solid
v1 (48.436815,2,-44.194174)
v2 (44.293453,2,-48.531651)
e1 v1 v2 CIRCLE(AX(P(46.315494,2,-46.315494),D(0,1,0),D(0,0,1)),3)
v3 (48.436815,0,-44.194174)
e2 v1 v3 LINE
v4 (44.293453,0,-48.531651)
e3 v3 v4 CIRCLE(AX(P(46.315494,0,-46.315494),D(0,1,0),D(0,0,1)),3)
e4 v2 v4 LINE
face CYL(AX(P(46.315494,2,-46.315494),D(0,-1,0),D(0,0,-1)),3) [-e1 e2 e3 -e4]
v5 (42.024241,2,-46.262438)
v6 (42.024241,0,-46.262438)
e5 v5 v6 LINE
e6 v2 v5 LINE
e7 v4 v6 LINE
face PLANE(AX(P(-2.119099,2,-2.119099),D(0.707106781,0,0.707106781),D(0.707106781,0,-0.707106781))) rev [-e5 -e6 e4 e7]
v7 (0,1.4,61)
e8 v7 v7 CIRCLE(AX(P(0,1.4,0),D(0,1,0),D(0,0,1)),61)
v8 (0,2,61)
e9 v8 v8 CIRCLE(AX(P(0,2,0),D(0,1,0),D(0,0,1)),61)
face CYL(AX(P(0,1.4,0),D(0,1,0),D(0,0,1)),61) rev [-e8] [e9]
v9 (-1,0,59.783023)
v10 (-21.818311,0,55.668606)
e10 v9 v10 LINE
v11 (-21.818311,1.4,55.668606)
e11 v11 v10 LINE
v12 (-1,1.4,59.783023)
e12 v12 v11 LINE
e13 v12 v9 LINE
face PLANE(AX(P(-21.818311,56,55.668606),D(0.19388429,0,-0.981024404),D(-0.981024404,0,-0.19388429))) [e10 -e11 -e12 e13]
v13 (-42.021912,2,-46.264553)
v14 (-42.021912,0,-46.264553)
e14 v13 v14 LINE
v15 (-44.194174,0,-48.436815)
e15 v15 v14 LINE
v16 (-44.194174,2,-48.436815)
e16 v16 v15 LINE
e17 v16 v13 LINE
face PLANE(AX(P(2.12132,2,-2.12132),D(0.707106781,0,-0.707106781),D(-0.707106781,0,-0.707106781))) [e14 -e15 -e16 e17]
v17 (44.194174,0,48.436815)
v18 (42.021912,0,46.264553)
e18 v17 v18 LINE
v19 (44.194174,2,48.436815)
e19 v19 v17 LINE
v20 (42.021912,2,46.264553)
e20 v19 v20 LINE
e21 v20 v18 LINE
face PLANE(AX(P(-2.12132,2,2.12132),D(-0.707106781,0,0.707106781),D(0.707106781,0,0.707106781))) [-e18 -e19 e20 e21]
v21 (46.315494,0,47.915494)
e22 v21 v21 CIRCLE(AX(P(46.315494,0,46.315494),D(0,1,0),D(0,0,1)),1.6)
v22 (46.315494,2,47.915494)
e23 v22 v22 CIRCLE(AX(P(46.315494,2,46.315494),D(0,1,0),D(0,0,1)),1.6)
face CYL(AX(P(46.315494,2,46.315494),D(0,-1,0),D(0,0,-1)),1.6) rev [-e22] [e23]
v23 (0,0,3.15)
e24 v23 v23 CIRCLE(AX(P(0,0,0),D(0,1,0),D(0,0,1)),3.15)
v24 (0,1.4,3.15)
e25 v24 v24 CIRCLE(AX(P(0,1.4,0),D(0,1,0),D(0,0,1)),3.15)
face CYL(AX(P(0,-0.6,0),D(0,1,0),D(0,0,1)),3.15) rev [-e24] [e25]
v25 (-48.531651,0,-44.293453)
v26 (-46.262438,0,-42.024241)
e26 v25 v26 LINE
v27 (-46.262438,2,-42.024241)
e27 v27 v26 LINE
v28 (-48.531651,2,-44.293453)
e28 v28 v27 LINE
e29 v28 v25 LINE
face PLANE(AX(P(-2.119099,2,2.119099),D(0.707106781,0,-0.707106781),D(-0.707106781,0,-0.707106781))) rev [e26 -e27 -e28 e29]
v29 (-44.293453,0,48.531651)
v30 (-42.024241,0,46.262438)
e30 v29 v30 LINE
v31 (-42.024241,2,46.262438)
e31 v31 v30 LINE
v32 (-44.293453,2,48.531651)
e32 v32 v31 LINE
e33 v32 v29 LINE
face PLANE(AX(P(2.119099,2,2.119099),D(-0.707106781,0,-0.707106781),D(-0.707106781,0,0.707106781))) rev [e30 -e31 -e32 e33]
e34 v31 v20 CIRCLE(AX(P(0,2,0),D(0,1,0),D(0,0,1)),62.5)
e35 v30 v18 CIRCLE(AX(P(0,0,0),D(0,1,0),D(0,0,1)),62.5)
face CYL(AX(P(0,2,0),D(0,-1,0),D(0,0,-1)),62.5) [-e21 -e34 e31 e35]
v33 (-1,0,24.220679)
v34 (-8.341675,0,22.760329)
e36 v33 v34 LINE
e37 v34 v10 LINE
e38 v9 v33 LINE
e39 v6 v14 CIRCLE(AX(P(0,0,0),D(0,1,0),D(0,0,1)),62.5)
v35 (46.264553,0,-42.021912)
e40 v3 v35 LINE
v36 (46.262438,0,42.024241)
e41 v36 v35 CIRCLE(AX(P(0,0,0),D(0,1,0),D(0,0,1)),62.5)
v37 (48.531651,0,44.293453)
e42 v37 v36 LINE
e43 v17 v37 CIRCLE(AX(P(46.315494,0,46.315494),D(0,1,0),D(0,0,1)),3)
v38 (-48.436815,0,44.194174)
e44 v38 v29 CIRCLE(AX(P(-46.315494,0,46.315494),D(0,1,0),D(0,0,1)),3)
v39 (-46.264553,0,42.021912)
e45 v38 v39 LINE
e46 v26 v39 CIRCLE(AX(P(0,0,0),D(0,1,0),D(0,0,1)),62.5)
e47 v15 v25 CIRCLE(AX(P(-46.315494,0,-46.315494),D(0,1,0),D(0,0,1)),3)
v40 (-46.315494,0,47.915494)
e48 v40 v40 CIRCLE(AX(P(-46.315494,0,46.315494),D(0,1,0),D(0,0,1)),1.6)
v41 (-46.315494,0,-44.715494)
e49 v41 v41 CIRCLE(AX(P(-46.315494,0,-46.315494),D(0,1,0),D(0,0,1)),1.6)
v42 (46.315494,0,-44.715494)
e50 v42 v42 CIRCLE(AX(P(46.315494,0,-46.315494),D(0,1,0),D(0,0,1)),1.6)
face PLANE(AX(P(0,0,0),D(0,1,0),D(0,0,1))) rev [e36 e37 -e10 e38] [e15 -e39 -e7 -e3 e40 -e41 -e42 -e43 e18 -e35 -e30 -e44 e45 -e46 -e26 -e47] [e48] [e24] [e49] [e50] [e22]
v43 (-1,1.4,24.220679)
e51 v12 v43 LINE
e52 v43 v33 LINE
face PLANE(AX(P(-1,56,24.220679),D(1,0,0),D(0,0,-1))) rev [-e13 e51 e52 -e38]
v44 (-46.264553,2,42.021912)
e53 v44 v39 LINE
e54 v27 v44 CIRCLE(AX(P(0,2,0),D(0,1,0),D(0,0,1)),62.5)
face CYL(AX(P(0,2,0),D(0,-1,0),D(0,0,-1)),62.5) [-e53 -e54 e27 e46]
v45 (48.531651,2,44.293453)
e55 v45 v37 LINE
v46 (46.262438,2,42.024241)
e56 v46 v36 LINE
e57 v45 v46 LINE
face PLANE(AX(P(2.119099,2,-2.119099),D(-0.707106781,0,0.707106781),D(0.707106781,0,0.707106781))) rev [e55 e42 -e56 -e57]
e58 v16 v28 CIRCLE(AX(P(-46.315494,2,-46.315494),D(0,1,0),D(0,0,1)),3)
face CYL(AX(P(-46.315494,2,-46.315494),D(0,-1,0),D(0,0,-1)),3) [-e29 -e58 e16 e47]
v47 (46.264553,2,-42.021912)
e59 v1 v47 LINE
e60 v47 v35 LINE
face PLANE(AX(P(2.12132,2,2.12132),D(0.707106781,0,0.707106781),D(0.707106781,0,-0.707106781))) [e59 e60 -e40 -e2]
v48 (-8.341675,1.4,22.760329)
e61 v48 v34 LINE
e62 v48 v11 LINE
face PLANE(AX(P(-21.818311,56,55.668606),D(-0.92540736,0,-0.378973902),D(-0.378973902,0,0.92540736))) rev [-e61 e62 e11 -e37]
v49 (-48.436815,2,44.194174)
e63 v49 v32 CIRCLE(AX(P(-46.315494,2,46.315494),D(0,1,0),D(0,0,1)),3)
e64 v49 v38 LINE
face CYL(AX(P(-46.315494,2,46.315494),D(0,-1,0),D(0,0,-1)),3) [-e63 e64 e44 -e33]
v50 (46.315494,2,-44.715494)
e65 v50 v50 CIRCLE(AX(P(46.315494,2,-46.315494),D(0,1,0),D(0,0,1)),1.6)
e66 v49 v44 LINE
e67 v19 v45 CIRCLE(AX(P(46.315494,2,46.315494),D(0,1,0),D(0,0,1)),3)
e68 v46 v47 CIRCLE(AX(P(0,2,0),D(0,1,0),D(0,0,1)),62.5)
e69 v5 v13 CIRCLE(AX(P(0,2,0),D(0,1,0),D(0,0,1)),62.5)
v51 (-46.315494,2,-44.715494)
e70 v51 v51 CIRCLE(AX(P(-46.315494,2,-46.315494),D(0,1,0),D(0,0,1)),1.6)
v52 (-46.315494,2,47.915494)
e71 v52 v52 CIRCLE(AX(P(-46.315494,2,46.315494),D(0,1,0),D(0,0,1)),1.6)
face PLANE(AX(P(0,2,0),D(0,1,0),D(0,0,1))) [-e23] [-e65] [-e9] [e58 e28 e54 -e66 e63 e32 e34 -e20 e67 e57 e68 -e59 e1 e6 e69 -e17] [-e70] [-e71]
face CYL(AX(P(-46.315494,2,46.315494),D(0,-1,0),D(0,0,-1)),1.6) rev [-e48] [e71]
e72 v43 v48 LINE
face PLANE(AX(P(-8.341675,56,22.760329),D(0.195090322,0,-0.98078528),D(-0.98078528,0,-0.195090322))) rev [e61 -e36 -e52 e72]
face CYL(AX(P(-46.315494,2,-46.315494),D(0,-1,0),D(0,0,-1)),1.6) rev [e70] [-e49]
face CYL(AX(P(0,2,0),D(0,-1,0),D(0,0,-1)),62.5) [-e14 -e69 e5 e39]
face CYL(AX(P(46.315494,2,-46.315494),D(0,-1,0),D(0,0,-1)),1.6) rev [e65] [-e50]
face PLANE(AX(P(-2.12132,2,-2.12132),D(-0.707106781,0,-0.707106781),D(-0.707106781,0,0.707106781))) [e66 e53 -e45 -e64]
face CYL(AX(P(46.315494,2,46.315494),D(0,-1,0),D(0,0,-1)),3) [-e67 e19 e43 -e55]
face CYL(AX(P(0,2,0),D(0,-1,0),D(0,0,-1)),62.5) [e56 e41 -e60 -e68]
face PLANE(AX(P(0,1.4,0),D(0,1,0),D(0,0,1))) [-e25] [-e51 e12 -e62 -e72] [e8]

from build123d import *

# Parameters (mm, degrees)
SKETCH_1_R               = 1.6
EXTRUDE_1_DEPTH          = 2
SKETCH_2_R               = 61
CUT_EXTRUDE_3_DEPTH      = 0.6
SKETCH_3_R               = 3.15
CUT_EXTRUDE_4_DEPTH      = 2
CUT_EXTRUDE_6_DEPTH      = 56
CUT_EXTRUDE_6_DEPTH_BACK = 58


with BuildPart() as part:
    # Эскиз1 → Бобышка-Вытянуть1 (new body)
    with BuildSketch(Plane(origin=(0, 0, 0), x_dir=(1, 0, 0), z_dir=(0, 1, 0))):
        with BuildLine():
            ThreePointArc((-44.194173824, 48.436814511), (-48.387717364, 48.484800745), (-48.531650935, 44.293453322))
            Line((-48.531650935, 44.293453322), (-48.337535014, 44.0993374))
            Line((-48.337535014, 44.0993374), (-46.262438284, 42.024240671))
            ThreePointArc((-46.262438284, 42.024240671), (-62.49999998, 0.001572675), (-46.264553121, -42.021912433))
            Line((-46.264553121, -42.021912433), (-48.436814511, -44.194173824))
            ThreePointArc((-48.436814511, -44.194173824), (-48.484800745, -48.387717364), (-44.293453322, -48.531650935))
            Line((-44.293453322, -48.531650935), (-44.0993374, -48.337535014))
            Line((-44.0993374, -48.337535014), (-42.024240671, -46.262438284))
            ThreePointArc((-42.024240671, -46.262438284), (-0.001572675, -62.49999998), (42.021912433, -46.264553121))
            Line((42.021912433, -46.264553121), (44.194173824, -48.436814511))
            ThreePointArc((44.194173824, -48.436814511), (48.387717364, -48.484800745), (48.531650935, -44.293453322))
            Line((48.531650935, -44.293453322), (48.337535014, -44.0993374))
            Line((48.337535014, -44.0993374), (46.262438284, -42.024240671))
            ThreePointArc((46.262438284, -42.024240671), (62.49999998, -0.001572675), (46.264553121, 42.021912433))
            Line((46.264553121, 42.021912433), (48.436814511, 44.194173824))
            ThreePointArc((48.436814511, 44.194173824), (48.484800745, 48.387717364), (44.293453322, 48.531650935))
            Line((44.293453322, 48.531650935), (44.0993374, 48.337535014))
            Line((44.0993374, 48.337535014), (42.024240671, 46.262438284))
            ThreePointArc((42.024240671, 46.262438284), (0.001572675, 62.49999998), (-42.021912433, 46.264553121))
            Line((-42.021912433, 46.264553121), (-44.194173824, 48.436814511))
        make_face()
        with Locations(Location((-46.315494168, -46.315494168, 0), (0, 0, 270))):
            Circle(SKETCH_1_R, mode=Mode.SUBTRACT)
        with Locations(Location((46.315494168, -46.315494168, 0), (0, 0, 270))):
            Circle(SKETCH_1_R, mode=Mode.SUBTRACT)
        with Locations(Location((-46.315494168, 46.315494168, 0), (0, 0, 270))):
            Circle(SKETCH_1_R, mode=Mode.SUBTRACT)
        with Locations(Location((46.315494168, 46.315494168, 0), (0, 0, 270))):
            Circle(SKETCH_1_R, mode=Mode.SUBTRACT)
    extrude(amount=EXTRUDE_1_DEPTH)

    # Эскиз2 → Вырез-Вытянуть3 (cut)
    with BuildSketch(Plane(origin=(0, 2, 0), x_dir=(1, 0, 0), z_dir=(0, 1, 0))):
        with Locations(Location((0, 0, 0), (0, 0, 270))):
            Circle(SKETCH_2_R)
    extrude(amount=-CUT_EXTRUDE_3_DEPTH, mode=Mode.SUBTRACT)

    # Эскиз3 → Вырез-Вытянуть4 (cut)
    with BuildSketch(Plane(origin=(0, 1.4, 0), x_dir=(1, 0, 0), z_dir=(0, 1, 0))):
        with Locations(Location((0, 0, 0), (0, 0, 270))):
            Circle(SKETCH_3_R)
    extrude(amount=-CUT_EXTRUDE_4_DEPTH, mode=Mode.SUBTRACT)

    # Эскиз6 → Вырез-Вытянуть6 (cut, two sides: drawn at the far end of the back side and taken through both)
    with BuildSketch(Plane(origin=(0, 0, 0), x_dir=(1, 0, 0), z_dir=(0, 1, 0)).offset(-CUT_EXTRUDE_6_DEPTH_BACK)):
        Polygon((-21.818311129, -55.668605856), (-8.341675093, -22.760328818), (-1, -24.220678791), (-1, -59.783022844), align=None)
    extrude(amount=CUT_EXTRUDE_6_DEPTH + CUT_EXTRUDE_6_DEPTH_BACK, mode=Mode.SUBTRACT)


solid = part.part
